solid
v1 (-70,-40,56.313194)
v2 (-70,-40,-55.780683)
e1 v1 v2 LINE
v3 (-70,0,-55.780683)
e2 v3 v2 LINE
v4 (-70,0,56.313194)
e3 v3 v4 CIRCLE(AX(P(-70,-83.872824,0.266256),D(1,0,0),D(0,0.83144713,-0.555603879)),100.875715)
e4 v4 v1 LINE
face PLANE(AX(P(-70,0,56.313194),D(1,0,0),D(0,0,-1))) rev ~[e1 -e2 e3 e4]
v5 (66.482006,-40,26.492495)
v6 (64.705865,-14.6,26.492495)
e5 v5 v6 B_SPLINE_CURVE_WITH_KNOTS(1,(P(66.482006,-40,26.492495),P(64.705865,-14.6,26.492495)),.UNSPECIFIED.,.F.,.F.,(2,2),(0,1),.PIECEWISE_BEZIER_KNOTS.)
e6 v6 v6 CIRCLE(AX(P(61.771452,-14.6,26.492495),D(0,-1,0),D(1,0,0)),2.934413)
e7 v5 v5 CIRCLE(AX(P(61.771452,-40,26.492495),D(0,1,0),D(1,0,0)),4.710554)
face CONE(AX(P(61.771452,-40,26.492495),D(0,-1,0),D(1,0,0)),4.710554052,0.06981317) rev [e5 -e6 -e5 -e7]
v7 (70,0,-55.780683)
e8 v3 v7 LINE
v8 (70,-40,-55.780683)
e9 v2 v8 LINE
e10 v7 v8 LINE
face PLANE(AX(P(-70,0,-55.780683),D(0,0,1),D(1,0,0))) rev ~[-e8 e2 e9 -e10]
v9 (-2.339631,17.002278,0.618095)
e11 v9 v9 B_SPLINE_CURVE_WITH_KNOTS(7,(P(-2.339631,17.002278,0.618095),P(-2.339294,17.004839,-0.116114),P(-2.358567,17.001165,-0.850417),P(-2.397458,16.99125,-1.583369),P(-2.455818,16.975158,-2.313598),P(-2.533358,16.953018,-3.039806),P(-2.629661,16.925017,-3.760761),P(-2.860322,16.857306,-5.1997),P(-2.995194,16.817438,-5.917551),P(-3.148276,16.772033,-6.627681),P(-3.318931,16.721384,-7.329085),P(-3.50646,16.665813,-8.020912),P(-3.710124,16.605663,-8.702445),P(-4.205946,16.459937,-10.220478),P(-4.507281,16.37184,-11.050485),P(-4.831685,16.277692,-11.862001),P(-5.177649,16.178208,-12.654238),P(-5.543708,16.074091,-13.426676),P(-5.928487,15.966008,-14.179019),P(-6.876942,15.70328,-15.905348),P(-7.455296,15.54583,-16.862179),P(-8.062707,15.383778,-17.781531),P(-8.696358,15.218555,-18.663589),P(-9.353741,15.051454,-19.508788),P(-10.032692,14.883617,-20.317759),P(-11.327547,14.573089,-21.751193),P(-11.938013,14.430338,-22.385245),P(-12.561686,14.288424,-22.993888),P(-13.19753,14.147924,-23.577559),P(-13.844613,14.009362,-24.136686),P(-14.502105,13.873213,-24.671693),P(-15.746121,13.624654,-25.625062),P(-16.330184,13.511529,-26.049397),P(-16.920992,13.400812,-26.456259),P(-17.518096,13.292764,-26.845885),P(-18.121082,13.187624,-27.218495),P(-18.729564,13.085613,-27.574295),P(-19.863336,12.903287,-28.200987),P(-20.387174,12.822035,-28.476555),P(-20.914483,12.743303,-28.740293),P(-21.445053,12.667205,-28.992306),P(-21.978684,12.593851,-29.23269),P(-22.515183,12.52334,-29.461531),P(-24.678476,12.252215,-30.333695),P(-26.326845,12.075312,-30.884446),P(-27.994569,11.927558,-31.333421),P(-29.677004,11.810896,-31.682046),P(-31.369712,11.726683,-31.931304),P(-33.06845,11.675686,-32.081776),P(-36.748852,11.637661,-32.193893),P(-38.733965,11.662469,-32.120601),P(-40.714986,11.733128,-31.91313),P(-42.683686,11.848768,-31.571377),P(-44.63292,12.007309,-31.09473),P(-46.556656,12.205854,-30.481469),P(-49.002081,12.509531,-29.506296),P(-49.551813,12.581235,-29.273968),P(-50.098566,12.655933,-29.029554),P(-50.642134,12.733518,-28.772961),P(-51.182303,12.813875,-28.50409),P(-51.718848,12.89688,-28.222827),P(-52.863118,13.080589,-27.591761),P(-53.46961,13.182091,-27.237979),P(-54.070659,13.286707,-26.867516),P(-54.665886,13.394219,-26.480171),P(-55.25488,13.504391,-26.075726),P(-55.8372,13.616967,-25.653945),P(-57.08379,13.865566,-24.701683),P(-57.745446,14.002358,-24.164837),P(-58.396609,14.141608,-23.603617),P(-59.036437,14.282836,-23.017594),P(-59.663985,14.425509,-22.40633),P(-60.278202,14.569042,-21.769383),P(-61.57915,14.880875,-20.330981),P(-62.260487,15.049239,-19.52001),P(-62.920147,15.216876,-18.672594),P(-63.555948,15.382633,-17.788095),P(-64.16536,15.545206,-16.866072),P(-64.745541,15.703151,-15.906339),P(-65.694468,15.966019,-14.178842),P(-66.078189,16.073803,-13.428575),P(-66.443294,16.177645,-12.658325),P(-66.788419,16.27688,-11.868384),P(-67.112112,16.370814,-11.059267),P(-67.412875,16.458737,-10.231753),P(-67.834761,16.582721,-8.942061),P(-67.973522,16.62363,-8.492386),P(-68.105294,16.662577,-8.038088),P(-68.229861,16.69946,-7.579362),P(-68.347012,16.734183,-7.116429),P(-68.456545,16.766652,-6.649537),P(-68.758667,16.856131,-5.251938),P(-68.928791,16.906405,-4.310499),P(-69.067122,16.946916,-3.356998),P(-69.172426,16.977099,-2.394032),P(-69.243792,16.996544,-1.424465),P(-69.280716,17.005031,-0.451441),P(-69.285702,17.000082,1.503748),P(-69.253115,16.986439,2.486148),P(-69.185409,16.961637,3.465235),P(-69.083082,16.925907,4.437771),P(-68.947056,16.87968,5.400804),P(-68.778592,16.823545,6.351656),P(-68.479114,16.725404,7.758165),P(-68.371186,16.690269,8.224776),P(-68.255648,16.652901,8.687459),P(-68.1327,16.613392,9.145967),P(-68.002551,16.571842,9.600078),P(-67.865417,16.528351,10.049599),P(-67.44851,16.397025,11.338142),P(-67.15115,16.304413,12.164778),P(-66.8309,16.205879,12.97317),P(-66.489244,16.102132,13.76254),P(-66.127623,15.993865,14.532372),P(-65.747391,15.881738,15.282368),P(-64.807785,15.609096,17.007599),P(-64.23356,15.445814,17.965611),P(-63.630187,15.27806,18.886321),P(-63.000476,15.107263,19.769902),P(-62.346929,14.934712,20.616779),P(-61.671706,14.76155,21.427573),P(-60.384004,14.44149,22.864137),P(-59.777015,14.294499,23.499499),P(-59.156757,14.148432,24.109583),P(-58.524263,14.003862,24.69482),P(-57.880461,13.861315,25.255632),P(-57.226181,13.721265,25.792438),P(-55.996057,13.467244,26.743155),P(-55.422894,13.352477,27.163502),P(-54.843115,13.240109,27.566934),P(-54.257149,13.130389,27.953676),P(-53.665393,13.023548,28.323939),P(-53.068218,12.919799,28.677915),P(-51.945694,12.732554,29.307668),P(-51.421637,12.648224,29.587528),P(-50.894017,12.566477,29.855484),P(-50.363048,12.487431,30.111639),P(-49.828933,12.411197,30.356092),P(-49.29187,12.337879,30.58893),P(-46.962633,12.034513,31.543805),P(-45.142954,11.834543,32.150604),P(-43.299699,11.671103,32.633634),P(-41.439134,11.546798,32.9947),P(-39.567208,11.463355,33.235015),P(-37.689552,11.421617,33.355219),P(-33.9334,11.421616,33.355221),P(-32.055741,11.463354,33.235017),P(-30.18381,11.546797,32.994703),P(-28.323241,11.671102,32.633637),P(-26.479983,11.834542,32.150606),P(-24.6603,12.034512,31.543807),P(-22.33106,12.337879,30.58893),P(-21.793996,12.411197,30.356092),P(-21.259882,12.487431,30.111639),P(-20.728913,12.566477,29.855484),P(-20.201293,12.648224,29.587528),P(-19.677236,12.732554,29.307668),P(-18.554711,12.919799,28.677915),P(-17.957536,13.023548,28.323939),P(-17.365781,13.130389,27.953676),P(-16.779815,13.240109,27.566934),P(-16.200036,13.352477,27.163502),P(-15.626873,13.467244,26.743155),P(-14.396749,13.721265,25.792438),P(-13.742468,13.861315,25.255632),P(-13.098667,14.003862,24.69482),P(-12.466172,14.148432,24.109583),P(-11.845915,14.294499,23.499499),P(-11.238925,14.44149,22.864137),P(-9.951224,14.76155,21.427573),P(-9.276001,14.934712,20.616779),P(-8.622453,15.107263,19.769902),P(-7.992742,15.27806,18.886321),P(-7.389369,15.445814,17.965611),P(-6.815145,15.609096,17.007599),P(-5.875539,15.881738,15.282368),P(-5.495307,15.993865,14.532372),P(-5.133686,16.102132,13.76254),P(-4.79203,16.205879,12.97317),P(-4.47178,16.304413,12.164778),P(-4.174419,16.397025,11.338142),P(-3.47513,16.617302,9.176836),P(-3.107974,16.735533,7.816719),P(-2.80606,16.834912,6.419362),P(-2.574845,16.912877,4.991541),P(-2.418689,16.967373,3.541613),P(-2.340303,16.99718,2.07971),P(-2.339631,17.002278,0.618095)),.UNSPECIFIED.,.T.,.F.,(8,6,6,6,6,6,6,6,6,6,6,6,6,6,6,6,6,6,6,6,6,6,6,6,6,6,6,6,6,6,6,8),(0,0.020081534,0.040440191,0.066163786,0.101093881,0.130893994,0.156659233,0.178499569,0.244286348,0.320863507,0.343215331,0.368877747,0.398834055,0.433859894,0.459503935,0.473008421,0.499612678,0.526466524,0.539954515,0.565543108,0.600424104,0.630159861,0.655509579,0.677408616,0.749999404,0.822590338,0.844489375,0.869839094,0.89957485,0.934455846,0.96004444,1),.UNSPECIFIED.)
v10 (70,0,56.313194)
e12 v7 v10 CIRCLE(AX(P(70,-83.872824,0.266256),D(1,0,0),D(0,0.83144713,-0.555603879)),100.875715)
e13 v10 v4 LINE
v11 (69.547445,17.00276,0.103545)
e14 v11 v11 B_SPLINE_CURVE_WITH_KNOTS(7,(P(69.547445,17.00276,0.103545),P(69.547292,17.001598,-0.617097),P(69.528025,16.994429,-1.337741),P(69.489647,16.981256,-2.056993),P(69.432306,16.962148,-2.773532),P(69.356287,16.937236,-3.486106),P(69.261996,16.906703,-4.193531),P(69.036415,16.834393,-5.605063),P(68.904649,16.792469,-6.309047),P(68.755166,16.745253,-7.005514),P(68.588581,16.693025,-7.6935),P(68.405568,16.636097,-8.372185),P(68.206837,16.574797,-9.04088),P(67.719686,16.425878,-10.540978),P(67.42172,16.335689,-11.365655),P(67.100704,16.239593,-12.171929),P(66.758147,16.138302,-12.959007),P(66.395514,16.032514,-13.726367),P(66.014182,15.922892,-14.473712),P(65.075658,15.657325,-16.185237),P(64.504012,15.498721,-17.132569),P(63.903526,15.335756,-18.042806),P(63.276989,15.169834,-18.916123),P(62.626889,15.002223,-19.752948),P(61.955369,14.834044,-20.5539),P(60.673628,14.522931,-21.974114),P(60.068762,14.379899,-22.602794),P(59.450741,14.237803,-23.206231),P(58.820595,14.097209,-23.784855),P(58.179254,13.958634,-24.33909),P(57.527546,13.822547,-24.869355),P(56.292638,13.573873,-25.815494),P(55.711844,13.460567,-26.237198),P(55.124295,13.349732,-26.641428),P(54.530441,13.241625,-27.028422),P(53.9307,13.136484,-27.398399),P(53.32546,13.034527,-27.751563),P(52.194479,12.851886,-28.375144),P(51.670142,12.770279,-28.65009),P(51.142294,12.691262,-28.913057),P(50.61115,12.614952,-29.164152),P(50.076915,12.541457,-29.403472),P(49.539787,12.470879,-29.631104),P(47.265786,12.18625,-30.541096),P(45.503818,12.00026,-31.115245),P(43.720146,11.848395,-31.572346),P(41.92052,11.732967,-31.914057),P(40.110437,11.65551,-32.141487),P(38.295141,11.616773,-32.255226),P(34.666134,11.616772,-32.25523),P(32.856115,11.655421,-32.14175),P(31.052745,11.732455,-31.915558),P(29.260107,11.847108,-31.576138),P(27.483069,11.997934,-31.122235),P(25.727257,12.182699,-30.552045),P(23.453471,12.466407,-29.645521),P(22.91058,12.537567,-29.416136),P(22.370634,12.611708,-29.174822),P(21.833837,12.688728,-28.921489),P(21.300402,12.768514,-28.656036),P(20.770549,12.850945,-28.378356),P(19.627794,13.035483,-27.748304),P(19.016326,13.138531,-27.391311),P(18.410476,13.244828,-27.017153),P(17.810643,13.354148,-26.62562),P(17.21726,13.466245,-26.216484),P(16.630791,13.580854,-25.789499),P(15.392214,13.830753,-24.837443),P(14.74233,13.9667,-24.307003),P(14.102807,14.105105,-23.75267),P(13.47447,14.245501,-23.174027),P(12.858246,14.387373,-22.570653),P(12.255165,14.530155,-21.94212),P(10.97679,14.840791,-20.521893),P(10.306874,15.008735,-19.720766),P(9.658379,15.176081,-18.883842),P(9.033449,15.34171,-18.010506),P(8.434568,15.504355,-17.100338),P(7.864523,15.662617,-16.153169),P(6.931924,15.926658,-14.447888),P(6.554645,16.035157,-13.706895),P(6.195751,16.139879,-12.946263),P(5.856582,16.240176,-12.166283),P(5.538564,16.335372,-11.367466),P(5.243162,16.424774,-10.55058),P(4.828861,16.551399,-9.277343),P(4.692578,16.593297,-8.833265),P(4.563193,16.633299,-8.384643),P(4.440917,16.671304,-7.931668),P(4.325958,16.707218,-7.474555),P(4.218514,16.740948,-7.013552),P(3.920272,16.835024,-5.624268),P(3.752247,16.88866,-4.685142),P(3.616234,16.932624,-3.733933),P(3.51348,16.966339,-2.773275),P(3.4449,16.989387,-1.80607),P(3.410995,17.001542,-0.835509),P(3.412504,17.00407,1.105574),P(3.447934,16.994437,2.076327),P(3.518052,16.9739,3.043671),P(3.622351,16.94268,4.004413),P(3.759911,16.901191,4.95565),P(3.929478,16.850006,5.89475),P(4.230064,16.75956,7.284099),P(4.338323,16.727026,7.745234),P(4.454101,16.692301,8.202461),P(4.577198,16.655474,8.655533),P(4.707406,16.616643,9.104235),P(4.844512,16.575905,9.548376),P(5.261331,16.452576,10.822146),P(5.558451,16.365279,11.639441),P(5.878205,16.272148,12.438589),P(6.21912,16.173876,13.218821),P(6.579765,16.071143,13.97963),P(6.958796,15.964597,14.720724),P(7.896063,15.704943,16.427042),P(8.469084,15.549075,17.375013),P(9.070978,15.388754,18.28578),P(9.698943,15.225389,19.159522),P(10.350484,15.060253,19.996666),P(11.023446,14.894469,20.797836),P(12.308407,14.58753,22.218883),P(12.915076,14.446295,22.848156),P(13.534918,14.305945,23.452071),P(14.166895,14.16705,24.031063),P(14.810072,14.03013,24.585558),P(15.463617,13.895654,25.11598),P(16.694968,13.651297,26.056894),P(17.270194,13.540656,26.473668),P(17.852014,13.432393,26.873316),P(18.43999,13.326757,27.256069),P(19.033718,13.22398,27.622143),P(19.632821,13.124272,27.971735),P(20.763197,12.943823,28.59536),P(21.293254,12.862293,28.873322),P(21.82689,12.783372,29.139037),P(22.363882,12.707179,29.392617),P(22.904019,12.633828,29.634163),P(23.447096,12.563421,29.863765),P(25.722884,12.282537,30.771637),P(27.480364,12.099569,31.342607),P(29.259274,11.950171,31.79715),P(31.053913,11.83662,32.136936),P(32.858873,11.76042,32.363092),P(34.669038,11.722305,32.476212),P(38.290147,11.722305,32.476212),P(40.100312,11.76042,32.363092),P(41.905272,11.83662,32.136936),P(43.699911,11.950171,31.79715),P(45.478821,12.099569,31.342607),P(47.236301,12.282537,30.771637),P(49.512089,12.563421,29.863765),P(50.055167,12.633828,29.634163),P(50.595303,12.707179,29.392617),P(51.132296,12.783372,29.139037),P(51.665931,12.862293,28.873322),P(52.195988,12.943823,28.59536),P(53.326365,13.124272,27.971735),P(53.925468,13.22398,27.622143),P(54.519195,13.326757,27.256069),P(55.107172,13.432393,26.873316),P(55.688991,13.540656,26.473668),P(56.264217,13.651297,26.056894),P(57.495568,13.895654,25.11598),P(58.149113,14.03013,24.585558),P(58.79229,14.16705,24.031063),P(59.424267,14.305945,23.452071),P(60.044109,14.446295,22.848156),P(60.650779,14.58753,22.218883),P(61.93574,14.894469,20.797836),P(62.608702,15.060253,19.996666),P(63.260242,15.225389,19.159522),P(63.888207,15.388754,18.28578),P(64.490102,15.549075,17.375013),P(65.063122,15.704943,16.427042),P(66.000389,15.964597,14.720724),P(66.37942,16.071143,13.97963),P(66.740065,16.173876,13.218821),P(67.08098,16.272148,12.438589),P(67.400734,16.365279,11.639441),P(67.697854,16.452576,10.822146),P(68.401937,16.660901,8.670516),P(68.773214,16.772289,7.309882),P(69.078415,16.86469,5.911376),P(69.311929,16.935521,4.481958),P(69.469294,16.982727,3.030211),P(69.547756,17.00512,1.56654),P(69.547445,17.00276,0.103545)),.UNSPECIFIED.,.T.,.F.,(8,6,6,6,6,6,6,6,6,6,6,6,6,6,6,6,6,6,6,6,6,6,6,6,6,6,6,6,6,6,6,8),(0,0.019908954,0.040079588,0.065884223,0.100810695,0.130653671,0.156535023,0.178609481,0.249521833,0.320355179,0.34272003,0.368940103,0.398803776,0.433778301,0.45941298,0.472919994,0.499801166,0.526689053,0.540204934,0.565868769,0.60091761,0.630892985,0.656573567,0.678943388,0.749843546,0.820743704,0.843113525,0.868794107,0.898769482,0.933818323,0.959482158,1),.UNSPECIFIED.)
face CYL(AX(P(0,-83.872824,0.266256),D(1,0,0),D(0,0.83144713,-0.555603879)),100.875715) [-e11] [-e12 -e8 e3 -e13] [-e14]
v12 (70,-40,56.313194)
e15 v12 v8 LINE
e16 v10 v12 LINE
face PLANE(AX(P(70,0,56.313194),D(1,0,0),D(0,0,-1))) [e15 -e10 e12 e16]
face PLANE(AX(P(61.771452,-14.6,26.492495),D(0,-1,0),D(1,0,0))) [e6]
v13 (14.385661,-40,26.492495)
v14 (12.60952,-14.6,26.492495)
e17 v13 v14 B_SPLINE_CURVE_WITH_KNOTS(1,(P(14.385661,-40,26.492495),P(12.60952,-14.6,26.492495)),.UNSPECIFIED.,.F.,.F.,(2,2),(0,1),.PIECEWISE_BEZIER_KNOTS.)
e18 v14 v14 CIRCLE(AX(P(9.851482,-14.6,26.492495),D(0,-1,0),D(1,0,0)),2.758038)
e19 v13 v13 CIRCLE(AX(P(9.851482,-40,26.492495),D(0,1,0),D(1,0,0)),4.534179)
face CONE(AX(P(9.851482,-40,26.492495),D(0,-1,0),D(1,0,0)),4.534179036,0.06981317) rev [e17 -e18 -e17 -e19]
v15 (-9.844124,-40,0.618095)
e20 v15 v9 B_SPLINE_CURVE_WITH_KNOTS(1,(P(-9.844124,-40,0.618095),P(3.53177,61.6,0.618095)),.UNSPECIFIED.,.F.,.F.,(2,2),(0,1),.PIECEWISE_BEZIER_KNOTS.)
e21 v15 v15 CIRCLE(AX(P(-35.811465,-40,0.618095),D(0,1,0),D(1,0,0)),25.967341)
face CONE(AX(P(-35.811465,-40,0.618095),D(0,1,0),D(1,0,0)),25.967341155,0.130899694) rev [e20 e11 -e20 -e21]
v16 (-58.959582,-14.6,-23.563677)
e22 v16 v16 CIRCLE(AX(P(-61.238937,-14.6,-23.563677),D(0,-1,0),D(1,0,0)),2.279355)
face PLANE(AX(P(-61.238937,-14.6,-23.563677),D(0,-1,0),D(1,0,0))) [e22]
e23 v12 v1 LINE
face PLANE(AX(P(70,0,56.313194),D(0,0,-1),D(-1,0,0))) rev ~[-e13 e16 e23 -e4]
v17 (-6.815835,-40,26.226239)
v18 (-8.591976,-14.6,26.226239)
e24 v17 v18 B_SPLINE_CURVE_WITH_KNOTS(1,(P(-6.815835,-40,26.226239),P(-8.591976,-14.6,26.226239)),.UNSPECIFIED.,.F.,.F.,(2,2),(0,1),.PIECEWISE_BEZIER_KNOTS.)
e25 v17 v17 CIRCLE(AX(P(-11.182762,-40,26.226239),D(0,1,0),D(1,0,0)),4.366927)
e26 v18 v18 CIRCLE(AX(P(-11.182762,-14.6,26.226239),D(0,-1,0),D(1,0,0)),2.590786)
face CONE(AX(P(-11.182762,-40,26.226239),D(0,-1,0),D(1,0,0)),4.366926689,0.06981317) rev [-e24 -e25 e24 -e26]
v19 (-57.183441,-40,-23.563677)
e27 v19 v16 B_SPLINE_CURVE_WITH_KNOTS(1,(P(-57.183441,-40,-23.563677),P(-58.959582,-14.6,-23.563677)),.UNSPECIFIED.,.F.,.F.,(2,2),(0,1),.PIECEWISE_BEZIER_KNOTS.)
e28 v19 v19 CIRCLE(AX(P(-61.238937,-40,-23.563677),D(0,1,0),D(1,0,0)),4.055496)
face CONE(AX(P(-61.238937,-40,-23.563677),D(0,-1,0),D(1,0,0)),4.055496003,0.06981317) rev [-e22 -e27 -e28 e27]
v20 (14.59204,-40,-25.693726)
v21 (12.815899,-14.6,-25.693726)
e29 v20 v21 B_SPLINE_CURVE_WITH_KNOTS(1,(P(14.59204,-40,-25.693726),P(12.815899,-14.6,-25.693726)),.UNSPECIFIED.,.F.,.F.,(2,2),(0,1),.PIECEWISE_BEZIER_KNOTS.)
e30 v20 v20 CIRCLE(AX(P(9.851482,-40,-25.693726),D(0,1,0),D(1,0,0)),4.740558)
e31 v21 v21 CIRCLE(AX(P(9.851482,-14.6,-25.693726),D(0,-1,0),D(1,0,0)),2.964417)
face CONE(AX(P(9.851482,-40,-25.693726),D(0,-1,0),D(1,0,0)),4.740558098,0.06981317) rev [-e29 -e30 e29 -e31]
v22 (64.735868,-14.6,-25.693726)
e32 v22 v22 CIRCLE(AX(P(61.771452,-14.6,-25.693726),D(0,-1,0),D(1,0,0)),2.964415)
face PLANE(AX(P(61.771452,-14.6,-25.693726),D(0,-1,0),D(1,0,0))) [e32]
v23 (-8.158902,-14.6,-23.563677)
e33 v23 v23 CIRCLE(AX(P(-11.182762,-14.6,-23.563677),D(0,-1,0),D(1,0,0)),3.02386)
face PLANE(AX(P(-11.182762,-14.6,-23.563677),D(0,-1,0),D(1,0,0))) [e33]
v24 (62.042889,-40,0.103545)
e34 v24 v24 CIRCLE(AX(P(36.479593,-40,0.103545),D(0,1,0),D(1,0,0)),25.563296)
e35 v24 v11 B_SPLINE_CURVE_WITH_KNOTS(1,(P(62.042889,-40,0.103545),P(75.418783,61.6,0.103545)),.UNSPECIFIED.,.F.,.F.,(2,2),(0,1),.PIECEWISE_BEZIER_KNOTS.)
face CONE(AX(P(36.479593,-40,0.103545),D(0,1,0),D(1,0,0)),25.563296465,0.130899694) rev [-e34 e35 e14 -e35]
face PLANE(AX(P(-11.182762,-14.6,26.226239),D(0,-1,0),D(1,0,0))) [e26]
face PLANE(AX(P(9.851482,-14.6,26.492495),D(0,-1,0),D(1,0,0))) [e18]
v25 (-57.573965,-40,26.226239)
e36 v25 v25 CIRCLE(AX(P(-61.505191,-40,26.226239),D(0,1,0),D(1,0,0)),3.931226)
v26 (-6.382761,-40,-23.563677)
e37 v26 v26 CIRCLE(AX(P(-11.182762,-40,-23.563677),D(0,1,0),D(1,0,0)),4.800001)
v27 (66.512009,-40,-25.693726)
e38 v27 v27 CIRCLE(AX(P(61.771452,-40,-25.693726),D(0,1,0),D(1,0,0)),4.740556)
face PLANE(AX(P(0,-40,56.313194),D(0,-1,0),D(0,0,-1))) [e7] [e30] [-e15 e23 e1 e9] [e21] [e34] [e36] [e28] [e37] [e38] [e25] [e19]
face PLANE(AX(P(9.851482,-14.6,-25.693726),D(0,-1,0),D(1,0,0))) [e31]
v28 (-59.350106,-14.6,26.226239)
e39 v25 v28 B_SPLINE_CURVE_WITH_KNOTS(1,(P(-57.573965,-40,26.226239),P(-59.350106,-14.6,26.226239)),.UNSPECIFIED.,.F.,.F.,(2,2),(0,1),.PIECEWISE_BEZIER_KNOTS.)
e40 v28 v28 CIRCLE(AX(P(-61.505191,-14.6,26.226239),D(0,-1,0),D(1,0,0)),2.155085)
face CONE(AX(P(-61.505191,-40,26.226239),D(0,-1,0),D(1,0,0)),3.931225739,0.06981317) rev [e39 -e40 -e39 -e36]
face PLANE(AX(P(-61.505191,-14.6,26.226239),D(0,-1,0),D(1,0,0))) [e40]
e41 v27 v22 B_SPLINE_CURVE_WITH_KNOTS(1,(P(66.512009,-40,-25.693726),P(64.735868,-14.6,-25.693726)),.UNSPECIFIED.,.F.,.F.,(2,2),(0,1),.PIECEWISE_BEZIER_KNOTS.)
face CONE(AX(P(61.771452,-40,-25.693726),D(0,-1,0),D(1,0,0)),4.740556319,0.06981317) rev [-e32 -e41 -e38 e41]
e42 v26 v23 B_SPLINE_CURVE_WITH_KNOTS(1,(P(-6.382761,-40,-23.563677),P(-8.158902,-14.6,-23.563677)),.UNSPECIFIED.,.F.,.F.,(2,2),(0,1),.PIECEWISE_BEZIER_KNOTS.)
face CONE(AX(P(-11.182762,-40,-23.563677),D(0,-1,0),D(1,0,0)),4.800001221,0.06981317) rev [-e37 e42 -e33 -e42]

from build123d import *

# Parameters (mm, degrees)
F1_DEPTH  = 70
F2_DEPTH  = 70
F3_DEPTH  = 40
F4_R      = 25.9673411554
F4_R_2    = 25.5632964649
F5_DEPTH  = 101.6
F5_TAPER  = -7.5
F6_R      = 3.9312257392
F6_R_2    = 4.3669266887
F7_R      = 4.0554960028
F7_R_2    = 4.8000012206
F8_DEPTH  = 25.4
F8_TAPER  = 4
F9_R      = 4.5341790364
F9_R_2    = 4.7105540517
F9_R_3    = 4.7405563192
F9_R_4    = 4.7405580976
F10_DEPTH = 25.4
F10_TAPER = 4


with BuildPart() as f1:
    # F0 (on Right) → F1 (new body)
    with BuildSketch(Plane.YZ):
        with BuildLine():
            Line((0, 56.3131943345), (0, -55.7806827128))
            ThreePointArc((0, -55.7806827128), (17.0028912966, 0.2662558109), (0, 56.3131943345))
        make_face()
    extrude(amount=F1_DEPTH)

    # F2 (add): a face of the model
    f2_faces = [f1.faces().sort_by_distance(p)[0] for p in [
        (0, 6.8528110679, 0.2662558109),
    ]]
    extrude(f2_faces, amount=F2_DEPTH)

    # F3 (add): a face of the model
    f3_faces = [f1.faces().sort_by_distance(p)[0] for p in [
        (0, 0, 0.2662558109),
    ]]
    extrude(f3_faces, amount=F3_DEPTH)

    # F4 (on face) → F5 (cut)
    with BuildSketch(Plane.XZ.offset(40)):
        with Locations((-35.8114647679, 0.6180945247)):
            Circle(F4_R)
        with Locations((36.479592697, 0.1035452609)):
            Circle(F4_R_2)
    extrude(amount=-F5_DEPTH, taper=F5_TAPER, mode=Mode.SUBTRACT)

    # F6 (on face) + F7 (on face) → F8 (cut)
    with BuildSketch(Plane.XZ.offset(40)):
        with Locations((-61.5051910281, 26.2262392789)):
            Circle(F6_R)
        with Locations((-11.1827617511, 26.2262392789)):
            Circle(F6_R_2)
    with BuildSketch(Plane.XZ.offset(40)):
        with Locations((-61.2389370799, -23.5636774451)):
            Circle(F7_R)
        with Locations((-11.1827617511, -23.5636774451)):
            Circle(F7_R_2)
    extrude(amount=-F8_DEPTH, taper=F8_TAPER, mode=Mode.SUBTRACT)

    # F9 (on face) → F10 (cut)
    with BuildSketch(Plane.XZ.offset(40)):
        with Locations((9.8514817655, 26.4924950898)):
            Circle(F9_R)
        with Locations((61.7714524269, 26.4924950898)):
            Circle(F9_R_2)
        with Locations((61.7714524269, -25.6937257946)):
            Circle(F9_R_3)
        with Locations((9.8514817655, -25.6937257946)):
            Circle(F9_R_4)
    extrude(amount=-F10_DEPTH, taper=F10_TAPER, mode=Mode.SUBTRACT)


solid = f1.part
